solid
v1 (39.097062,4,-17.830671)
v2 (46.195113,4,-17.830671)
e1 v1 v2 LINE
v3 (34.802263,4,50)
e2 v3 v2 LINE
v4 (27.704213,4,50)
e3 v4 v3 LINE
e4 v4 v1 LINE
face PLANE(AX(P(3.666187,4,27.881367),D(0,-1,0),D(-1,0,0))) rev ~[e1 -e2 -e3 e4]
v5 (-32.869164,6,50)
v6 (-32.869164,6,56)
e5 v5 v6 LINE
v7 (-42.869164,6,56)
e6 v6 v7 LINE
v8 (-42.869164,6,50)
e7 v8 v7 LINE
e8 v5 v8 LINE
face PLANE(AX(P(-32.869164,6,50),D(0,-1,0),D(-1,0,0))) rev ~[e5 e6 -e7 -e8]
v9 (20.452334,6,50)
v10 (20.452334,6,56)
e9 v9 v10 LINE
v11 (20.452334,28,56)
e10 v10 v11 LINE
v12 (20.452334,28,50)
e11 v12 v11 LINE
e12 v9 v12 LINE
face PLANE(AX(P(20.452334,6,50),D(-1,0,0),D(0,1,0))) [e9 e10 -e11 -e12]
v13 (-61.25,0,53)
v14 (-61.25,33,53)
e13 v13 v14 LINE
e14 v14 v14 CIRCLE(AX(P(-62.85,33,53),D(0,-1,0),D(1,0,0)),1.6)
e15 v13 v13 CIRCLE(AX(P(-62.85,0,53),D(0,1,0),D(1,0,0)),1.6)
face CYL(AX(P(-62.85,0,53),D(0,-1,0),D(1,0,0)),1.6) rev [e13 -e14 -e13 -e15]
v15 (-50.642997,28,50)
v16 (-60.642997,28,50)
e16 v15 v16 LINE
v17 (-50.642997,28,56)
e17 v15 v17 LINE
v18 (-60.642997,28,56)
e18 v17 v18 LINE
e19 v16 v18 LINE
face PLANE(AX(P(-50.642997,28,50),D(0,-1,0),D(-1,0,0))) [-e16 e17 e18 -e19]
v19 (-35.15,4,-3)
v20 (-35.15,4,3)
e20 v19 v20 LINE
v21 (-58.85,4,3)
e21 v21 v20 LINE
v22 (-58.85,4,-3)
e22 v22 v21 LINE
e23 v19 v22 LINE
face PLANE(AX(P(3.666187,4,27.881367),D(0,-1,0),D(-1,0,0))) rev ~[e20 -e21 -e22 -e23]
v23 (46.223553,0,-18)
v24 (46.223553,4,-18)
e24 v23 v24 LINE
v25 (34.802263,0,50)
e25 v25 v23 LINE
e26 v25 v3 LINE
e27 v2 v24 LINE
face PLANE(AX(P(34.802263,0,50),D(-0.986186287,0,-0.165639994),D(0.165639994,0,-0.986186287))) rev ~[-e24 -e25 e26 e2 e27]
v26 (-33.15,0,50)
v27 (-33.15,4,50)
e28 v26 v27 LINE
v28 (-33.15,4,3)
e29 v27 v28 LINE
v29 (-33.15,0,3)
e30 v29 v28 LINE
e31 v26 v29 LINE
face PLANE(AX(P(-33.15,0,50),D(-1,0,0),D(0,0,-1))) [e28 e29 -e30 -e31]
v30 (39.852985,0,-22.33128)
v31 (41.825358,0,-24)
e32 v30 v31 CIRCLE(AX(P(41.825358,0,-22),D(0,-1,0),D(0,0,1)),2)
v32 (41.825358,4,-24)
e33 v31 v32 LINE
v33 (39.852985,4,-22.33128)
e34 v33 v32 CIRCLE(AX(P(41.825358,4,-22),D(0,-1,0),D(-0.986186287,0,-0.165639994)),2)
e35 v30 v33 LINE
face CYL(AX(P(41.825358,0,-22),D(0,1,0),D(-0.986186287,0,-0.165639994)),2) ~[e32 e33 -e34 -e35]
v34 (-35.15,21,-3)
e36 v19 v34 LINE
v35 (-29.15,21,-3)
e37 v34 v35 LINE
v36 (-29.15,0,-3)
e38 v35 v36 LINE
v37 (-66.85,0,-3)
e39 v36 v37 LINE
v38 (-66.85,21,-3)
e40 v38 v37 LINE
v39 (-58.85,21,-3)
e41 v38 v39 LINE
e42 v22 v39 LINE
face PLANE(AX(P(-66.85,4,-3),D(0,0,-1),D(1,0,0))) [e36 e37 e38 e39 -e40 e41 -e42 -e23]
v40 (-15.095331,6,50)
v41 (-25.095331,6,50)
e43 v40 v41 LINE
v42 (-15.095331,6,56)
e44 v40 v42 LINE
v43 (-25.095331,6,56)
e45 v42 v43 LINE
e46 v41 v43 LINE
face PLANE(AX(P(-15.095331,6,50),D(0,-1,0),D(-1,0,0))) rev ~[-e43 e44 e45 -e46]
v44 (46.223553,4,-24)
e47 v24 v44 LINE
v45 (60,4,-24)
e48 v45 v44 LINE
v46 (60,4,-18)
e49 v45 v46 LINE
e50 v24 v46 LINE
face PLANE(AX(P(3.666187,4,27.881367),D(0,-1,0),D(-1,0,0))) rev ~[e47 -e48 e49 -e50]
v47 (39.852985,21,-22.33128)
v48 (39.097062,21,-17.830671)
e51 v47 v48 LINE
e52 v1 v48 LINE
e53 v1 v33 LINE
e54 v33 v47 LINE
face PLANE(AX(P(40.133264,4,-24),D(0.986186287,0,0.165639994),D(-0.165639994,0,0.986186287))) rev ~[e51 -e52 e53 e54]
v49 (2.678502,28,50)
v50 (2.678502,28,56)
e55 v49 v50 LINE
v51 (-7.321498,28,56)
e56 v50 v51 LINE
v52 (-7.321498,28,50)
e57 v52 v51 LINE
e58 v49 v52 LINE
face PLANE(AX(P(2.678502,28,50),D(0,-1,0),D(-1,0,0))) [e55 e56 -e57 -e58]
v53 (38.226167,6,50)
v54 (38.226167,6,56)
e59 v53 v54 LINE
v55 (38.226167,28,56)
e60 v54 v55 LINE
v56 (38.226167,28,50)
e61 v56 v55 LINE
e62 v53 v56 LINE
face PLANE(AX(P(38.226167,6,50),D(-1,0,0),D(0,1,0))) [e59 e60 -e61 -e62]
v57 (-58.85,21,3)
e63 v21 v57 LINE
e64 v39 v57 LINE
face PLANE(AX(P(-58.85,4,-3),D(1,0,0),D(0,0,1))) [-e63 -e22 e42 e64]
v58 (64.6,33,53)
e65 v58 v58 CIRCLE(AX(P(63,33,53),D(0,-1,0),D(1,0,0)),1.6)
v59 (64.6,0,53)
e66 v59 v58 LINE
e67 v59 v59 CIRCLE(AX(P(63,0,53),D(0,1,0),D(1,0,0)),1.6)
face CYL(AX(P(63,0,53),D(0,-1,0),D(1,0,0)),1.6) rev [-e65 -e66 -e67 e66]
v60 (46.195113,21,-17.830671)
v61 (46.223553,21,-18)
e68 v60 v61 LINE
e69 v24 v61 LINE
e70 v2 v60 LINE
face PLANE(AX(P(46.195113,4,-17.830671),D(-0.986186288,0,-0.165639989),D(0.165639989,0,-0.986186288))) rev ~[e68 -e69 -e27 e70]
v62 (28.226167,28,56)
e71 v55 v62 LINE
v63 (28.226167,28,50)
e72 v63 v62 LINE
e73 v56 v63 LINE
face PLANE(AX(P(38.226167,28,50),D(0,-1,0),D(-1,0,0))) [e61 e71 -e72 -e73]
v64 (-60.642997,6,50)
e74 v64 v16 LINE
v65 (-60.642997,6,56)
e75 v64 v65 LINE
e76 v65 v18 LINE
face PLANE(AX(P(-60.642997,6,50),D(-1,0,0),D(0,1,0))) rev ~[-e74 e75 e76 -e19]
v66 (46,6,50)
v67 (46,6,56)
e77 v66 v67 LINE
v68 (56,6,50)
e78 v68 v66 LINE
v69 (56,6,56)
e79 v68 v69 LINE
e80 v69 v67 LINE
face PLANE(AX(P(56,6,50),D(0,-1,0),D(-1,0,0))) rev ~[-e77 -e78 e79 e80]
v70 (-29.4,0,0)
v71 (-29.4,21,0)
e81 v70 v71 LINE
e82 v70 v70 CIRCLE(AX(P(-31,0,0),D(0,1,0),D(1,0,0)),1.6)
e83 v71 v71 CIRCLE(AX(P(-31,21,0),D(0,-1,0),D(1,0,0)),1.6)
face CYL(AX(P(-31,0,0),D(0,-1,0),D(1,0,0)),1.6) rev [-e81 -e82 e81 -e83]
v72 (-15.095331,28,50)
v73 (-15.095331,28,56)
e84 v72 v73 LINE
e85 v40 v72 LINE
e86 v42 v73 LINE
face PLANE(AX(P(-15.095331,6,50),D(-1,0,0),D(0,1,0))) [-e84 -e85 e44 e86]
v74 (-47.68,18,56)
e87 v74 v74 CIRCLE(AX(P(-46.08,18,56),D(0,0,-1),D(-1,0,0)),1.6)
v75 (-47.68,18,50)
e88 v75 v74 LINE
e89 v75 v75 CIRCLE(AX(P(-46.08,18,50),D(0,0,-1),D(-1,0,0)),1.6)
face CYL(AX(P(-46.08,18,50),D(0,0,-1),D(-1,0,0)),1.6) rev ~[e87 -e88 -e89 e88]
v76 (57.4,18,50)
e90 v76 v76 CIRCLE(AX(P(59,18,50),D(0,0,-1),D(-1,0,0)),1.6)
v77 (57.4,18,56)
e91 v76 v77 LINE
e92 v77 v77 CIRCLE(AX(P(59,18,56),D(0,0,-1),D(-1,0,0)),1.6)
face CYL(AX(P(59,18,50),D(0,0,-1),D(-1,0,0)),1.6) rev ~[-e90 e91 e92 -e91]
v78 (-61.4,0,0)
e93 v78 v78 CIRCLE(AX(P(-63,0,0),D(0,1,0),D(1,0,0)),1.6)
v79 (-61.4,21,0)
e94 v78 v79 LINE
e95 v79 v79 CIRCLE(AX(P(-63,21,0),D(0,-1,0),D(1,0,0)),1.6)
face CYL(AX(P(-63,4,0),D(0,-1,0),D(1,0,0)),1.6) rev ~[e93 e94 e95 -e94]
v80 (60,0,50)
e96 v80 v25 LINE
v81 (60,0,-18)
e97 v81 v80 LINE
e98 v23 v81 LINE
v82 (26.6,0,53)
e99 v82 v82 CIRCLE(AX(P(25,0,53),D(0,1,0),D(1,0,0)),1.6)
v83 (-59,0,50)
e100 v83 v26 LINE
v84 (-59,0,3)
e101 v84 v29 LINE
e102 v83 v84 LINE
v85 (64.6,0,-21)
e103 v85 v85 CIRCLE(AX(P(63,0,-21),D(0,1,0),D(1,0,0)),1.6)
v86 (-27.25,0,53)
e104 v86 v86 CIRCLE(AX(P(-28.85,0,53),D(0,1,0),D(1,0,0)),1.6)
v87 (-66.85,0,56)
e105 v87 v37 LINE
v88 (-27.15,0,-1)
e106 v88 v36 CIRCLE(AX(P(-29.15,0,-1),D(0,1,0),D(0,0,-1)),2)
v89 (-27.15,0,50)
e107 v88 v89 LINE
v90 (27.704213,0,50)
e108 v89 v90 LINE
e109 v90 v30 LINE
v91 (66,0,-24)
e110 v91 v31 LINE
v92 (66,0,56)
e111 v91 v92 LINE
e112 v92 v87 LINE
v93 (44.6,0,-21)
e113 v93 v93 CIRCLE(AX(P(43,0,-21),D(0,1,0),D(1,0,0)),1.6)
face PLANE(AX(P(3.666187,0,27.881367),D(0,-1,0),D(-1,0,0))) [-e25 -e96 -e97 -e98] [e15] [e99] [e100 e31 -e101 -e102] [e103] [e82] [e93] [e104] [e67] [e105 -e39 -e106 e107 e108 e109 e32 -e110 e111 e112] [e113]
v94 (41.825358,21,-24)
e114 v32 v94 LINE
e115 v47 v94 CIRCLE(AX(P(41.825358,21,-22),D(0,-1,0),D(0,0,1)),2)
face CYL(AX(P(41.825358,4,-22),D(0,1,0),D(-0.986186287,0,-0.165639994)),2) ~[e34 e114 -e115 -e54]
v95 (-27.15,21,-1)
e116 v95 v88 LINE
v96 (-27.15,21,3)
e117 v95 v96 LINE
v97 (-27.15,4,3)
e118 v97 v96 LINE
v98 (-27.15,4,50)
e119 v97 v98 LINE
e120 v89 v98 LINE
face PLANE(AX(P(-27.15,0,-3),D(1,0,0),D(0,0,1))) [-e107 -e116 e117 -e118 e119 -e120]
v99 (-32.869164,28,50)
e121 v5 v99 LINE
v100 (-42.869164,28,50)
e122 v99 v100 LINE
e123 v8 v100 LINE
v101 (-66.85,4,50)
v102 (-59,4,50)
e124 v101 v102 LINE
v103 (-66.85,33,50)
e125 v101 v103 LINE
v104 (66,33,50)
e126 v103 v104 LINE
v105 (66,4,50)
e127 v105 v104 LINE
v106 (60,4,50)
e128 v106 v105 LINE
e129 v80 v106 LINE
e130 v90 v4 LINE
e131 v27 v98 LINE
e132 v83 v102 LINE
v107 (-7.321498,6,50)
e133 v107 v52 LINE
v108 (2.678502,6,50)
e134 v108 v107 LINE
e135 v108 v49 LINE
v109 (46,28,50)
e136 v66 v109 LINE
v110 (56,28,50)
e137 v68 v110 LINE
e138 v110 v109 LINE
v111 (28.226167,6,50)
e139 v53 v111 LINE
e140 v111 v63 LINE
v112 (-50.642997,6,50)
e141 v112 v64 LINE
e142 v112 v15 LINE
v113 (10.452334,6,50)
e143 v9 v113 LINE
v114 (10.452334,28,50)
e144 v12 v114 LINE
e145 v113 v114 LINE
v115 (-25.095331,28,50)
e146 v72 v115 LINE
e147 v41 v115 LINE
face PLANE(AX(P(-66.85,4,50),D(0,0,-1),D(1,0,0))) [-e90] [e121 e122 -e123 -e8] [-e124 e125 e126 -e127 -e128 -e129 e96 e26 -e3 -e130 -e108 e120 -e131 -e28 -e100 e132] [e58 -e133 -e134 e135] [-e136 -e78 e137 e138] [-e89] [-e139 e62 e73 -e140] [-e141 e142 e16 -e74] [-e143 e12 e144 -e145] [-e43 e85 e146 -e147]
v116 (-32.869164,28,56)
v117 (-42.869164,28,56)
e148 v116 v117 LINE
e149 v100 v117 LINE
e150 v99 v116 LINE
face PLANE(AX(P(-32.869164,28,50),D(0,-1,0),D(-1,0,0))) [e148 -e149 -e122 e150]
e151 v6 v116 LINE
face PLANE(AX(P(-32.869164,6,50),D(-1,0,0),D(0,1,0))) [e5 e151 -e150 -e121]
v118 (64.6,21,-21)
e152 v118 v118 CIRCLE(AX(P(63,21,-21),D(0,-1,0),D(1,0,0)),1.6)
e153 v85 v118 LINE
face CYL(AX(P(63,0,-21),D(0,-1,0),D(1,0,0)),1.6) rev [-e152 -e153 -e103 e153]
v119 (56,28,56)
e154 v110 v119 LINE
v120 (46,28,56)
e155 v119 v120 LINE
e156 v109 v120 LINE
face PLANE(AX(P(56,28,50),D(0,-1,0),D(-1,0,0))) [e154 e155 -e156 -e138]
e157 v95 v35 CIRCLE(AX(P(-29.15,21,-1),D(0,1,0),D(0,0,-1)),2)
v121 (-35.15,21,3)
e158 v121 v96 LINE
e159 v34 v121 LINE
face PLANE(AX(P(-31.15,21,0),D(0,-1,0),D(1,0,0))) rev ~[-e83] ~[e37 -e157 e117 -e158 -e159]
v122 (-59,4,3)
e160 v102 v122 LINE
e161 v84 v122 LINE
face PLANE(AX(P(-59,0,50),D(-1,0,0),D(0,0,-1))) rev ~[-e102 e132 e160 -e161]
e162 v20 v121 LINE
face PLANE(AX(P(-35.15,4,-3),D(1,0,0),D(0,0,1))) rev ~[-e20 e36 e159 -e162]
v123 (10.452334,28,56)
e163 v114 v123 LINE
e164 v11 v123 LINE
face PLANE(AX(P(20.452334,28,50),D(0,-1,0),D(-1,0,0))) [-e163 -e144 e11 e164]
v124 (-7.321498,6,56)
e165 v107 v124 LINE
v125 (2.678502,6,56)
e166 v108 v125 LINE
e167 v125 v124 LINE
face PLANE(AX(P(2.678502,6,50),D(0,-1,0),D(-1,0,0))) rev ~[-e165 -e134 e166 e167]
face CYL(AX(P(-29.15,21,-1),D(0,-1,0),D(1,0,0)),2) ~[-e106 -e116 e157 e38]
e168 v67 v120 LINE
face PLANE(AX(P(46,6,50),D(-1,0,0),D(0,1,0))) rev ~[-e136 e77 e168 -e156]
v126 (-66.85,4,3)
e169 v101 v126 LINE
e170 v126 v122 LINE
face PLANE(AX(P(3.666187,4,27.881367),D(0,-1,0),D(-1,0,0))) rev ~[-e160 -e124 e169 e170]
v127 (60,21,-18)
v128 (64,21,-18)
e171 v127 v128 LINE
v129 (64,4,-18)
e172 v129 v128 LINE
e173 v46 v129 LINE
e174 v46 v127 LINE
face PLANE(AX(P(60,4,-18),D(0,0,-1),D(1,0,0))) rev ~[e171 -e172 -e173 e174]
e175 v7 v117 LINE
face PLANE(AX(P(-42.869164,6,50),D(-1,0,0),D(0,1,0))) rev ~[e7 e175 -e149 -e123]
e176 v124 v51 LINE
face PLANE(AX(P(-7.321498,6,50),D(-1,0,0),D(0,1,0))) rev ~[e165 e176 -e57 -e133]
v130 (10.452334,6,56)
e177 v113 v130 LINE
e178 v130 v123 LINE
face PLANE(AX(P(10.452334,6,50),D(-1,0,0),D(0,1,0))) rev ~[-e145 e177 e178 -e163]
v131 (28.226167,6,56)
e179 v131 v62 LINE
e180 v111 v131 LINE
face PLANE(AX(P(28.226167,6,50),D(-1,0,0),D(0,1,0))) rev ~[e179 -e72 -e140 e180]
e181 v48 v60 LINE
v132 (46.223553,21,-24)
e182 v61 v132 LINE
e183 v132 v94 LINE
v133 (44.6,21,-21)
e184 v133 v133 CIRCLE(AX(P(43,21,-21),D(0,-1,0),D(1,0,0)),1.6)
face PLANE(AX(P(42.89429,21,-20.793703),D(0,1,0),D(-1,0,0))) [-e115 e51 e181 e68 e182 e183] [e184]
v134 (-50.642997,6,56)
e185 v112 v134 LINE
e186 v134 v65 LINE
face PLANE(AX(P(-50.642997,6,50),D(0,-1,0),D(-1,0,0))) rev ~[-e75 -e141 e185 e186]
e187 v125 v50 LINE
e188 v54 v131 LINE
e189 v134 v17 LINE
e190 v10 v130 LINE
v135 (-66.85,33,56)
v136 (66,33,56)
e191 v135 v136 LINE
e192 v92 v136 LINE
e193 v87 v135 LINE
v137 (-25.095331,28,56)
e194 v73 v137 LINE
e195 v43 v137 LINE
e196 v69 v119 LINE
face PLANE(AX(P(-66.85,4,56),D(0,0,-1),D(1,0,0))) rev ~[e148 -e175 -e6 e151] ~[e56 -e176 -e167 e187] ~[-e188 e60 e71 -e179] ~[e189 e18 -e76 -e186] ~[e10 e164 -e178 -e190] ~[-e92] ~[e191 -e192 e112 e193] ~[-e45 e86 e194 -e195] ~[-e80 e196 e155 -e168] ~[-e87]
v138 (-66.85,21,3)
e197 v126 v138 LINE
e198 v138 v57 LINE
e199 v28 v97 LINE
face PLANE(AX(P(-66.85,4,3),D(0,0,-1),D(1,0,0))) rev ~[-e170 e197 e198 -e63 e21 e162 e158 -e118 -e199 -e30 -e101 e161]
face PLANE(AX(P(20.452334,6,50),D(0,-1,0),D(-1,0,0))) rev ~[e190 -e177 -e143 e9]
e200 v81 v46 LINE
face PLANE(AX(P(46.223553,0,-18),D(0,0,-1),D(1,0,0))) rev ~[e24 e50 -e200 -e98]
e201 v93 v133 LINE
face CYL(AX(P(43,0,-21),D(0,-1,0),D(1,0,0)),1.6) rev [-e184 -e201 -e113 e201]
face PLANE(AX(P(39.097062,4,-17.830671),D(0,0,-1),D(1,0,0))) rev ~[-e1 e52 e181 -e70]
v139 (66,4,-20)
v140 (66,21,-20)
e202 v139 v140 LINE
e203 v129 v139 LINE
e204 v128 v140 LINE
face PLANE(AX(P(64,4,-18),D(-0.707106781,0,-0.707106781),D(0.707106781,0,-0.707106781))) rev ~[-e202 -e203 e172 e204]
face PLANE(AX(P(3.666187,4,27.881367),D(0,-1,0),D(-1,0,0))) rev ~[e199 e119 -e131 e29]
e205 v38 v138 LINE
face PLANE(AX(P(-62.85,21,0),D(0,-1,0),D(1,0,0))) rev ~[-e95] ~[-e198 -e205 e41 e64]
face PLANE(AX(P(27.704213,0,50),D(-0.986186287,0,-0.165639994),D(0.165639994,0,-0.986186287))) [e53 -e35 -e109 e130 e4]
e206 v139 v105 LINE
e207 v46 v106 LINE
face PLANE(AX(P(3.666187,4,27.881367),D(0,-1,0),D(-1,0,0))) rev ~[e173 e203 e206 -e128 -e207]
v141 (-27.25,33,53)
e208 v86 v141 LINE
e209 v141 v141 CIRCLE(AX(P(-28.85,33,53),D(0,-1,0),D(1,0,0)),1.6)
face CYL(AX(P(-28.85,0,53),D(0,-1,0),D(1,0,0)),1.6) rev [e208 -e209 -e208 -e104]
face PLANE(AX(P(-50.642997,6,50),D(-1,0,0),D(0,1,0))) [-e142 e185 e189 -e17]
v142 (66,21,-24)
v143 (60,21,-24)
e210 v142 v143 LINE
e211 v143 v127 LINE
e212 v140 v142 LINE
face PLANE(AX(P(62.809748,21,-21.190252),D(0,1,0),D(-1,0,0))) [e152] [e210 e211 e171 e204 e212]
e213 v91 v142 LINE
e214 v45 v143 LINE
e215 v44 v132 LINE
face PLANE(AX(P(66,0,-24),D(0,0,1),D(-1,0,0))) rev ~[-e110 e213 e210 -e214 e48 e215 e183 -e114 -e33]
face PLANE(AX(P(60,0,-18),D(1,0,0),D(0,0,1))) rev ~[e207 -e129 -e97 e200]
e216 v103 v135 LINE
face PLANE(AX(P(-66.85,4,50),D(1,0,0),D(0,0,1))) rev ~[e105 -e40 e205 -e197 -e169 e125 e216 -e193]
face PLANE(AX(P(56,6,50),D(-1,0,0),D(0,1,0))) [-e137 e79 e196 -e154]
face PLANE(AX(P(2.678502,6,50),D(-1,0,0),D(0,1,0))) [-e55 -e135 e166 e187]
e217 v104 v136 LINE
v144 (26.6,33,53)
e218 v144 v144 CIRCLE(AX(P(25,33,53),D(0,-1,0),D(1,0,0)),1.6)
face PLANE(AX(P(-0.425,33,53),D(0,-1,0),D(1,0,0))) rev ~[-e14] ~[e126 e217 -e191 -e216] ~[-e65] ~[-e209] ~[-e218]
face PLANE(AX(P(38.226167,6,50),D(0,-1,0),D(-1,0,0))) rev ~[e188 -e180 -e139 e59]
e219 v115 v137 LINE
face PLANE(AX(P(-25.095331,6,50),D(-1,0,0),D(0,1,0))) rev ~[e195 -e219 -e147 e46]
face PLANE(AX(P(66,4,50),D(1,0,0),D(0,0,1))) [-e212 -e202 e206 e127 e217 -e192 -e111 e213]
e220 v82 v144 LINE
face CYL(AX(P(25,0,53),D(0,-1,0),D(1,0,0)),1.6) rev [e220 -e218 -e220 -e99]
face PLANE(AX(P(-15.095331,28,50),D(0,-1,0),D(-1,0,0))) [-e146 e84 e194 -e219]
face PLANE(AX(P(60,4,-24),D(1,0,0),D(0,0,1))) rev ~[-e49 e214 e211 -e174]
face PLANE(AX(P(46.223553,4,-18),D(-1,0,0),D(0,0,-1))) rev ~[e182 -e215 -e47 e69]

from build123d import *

# Parameters (mm, degrees)
SKETCH_1_R          = 1.6
SKETCH_1_W          = 25.85
SKETCH_1_H          = 47
EXTRUDE_1_DEPTH     = 4
SKETCH_2_W          = 8
SKETCH_2_H          = 6
SKETCH_2_R          = 1.6
EXTRUDE_2_DEPTH     = 17
FILLET_1_R          = 2
SKETCH_3_W          = 132.85
SKETCH_3_H          = 6
EXTRUDE_3_DEPTH     = 29
SKETCH_4_W          = 10
SKETCH_4_H          = 22
CUT_EXTRUDE_1_DEPTH = 7
SKETCH_5_R          = 1.6
CUT_EXTRUDE_2_DEPTH = 34
SKETCH_6_R          = 1.6
CUT_EXTRUDE_3_DEPTH = 7


with BuildPart() as part:
    # Эскиз1 → Бобышка-Вытянуть1 (new body)
    with BuildSketch(Plane(origin=(0, 0, 0), x_dir=(1, 0, 0), z_dir=(0, 1, 0))):
        Polygon((66, 24), (66, -56), (-66.85, -56), (-66.85, 3), (-59.15, 3), (-34.85, 3), (-27.15, 3), (-27.15, -50), (27.704212942, -50), (40.133263836, 24), (60, 24), align=None)
        with Locations((63, 21)):
            Circle(SKETCH_1_R, mode=Mode.SUBTRACT)
        with Locations((-63, 0)):
            Circle(SKETCH_1_R, mode=Mode.SUBTRACT)
        with Locations((-31, 0)):
            Circle(SKETCH_1_R, mode=Mode.SUBTRACT)
        with Locations((43, 21)):
            Circle(SKETCH_1_R, mode=Mode.SUBTRACT)
        with Locations((-46.075, -26.5)):
            Rectangle(SKETCH_1_W, SKETCH_1_H, mode=Mode.SUBTRACT)
        Polygon((60, 18), (60, -50), (34.802263374, -50), (46.223553385, 18), align=None, mode=Mode.SUBTRACT)
    extrude(amount=EXTRUDE_1_DEPTH)

    # Эскиз2 → Бобышка-Вытянуть2 (add)
    with BuildSketch(Plane.XZ.offset(-4)):
        with Locations((-62.85, 0)):
            Rectangle(SKETCH_2_W, SKETCH_2_H)
        with Locations((-63, 0)):
            Circle(SKETCH_2_R, mode=Mode.SUBTRACT)
        Polygon((66, -20), (66, -24), (60, -24), (60, -18), (64, -18), align=None)
        with Locations((63, -21)):
            Circle(SKETCH_2_R, mode=Mode.SUBTRACT)
        with Locations((-31.15, 0)):
            Rectangle(SKETCH_2_W, SKETCH_2_H)
        with Locations((-31, 0)):
            Circle(SKETCH_2_R, mode=Mode.SUBTRACT)
        Polygon((46.223553385, -18), (46.223553385, -24), (40.133263836, -24), (39.097062378, -17.830670696), (46.195112811, -17.830670696), align=None)
        with Locations((43, -21)):
            Circle(SKETCH_2_R, mode=Mode.SUBTRACT)
    extrude(amount=-EXTRUDE_2_DEPTH)

    # Скругление1
    fillet_1_edges = [part.edges().sort_by_distance(p)[0] for p in [
        (-27.15, 10.5, -3),
        (40.133263836, 10.5, -24),
    ]]
    fillet(fillet_1_edges, radius=FILLET_1_R)

    # Эскиз3 → Бобышка-Вытянуть3 (add)
    with BuildSketch(Plane.XZ.offset(-4)):
        with Locations((-0.425, 53)):
            Rectangle(SKETCH_3_W, SKETCH_3_H)
    extrude(amount=-EXTRUDE_3_DEPTH)

    # Эскиз4 → Вырез-Вытянуть1 (cut, through all)
    with BuildSketch(Plane(origin=(0, 0, 50), x_dir=(-1, 0, 0), z_dir=(0, 0, -1))):
        with Locations((20.095331259, 17)):
            Rectangle(SKETCH_4_W, SKETCH_4_H)
        with Locations((2.321498445, 17)):
            Rectangle(SKETCH_4_W, SKETCH_4_H)
        with Locations((-15.45233437, 17)):
            Rectangle(SKETCH_4_W, SKETCH_4_H)
        with Locations((-33.226167185, 17)):
            Rectangle(SKETCH_4_W, SKETCH_4_H)
        with Locations((-51, 17)):
            Rectangle(SKETCH_4_W, SKETCH_4_H)
        with Locations((37.869164074, 17)):
            Rectangle(SKETCH_4_W, SKETCH_4_H)
        with Locations((55.642996889, 17)):
            Rectangle(SKETCH_4_W, SKETCH_4_H)
    extrude(amount=-CUT_EXTRUDE_1_DEPTH, mode=Mode.SUBTRACT)

    # Эскиз5 → Вырез-Вытянуть2 (cut, through all)
    with BuildSketch(Plane(origin=(0, 0, 0), x_dir=(1, 0, 0), z_dir=(0, 1, 0))):
        with Locations((-62.85, -53)):
            Circle(SKETCH_5_R)
        with Locations((-28.85, -53)):
            Circle(SKETCH_5_R)
        with Locations((63, -53)):
            Circle(SKETCH_5_R)
        with Locations((25, -53)):
            Circle(SKETCH_5_R)
    extrude(amount=CUT_EXTRUDE_2_DEPTH, mode=Mode.SUBTRACT)

    # Эскиз6 → Вырез-Вытянуть3 (cut, through all)
    with BuildSketch(Plane(origin=(0, 0, 50), x_dir=(-1, 0, 0), z_dir=(0, 0, -1))):
        with Locations((46.08, 18)):
            Circle(SKETCH_6_R)
        with Locations((-59, 18)):
            Circle(SKETCH_6_R)
    extrude(amount=-CUT_EXTRUDE_3_DEPTH, mode=Mode.SUBTRACT)


solid = part.part
